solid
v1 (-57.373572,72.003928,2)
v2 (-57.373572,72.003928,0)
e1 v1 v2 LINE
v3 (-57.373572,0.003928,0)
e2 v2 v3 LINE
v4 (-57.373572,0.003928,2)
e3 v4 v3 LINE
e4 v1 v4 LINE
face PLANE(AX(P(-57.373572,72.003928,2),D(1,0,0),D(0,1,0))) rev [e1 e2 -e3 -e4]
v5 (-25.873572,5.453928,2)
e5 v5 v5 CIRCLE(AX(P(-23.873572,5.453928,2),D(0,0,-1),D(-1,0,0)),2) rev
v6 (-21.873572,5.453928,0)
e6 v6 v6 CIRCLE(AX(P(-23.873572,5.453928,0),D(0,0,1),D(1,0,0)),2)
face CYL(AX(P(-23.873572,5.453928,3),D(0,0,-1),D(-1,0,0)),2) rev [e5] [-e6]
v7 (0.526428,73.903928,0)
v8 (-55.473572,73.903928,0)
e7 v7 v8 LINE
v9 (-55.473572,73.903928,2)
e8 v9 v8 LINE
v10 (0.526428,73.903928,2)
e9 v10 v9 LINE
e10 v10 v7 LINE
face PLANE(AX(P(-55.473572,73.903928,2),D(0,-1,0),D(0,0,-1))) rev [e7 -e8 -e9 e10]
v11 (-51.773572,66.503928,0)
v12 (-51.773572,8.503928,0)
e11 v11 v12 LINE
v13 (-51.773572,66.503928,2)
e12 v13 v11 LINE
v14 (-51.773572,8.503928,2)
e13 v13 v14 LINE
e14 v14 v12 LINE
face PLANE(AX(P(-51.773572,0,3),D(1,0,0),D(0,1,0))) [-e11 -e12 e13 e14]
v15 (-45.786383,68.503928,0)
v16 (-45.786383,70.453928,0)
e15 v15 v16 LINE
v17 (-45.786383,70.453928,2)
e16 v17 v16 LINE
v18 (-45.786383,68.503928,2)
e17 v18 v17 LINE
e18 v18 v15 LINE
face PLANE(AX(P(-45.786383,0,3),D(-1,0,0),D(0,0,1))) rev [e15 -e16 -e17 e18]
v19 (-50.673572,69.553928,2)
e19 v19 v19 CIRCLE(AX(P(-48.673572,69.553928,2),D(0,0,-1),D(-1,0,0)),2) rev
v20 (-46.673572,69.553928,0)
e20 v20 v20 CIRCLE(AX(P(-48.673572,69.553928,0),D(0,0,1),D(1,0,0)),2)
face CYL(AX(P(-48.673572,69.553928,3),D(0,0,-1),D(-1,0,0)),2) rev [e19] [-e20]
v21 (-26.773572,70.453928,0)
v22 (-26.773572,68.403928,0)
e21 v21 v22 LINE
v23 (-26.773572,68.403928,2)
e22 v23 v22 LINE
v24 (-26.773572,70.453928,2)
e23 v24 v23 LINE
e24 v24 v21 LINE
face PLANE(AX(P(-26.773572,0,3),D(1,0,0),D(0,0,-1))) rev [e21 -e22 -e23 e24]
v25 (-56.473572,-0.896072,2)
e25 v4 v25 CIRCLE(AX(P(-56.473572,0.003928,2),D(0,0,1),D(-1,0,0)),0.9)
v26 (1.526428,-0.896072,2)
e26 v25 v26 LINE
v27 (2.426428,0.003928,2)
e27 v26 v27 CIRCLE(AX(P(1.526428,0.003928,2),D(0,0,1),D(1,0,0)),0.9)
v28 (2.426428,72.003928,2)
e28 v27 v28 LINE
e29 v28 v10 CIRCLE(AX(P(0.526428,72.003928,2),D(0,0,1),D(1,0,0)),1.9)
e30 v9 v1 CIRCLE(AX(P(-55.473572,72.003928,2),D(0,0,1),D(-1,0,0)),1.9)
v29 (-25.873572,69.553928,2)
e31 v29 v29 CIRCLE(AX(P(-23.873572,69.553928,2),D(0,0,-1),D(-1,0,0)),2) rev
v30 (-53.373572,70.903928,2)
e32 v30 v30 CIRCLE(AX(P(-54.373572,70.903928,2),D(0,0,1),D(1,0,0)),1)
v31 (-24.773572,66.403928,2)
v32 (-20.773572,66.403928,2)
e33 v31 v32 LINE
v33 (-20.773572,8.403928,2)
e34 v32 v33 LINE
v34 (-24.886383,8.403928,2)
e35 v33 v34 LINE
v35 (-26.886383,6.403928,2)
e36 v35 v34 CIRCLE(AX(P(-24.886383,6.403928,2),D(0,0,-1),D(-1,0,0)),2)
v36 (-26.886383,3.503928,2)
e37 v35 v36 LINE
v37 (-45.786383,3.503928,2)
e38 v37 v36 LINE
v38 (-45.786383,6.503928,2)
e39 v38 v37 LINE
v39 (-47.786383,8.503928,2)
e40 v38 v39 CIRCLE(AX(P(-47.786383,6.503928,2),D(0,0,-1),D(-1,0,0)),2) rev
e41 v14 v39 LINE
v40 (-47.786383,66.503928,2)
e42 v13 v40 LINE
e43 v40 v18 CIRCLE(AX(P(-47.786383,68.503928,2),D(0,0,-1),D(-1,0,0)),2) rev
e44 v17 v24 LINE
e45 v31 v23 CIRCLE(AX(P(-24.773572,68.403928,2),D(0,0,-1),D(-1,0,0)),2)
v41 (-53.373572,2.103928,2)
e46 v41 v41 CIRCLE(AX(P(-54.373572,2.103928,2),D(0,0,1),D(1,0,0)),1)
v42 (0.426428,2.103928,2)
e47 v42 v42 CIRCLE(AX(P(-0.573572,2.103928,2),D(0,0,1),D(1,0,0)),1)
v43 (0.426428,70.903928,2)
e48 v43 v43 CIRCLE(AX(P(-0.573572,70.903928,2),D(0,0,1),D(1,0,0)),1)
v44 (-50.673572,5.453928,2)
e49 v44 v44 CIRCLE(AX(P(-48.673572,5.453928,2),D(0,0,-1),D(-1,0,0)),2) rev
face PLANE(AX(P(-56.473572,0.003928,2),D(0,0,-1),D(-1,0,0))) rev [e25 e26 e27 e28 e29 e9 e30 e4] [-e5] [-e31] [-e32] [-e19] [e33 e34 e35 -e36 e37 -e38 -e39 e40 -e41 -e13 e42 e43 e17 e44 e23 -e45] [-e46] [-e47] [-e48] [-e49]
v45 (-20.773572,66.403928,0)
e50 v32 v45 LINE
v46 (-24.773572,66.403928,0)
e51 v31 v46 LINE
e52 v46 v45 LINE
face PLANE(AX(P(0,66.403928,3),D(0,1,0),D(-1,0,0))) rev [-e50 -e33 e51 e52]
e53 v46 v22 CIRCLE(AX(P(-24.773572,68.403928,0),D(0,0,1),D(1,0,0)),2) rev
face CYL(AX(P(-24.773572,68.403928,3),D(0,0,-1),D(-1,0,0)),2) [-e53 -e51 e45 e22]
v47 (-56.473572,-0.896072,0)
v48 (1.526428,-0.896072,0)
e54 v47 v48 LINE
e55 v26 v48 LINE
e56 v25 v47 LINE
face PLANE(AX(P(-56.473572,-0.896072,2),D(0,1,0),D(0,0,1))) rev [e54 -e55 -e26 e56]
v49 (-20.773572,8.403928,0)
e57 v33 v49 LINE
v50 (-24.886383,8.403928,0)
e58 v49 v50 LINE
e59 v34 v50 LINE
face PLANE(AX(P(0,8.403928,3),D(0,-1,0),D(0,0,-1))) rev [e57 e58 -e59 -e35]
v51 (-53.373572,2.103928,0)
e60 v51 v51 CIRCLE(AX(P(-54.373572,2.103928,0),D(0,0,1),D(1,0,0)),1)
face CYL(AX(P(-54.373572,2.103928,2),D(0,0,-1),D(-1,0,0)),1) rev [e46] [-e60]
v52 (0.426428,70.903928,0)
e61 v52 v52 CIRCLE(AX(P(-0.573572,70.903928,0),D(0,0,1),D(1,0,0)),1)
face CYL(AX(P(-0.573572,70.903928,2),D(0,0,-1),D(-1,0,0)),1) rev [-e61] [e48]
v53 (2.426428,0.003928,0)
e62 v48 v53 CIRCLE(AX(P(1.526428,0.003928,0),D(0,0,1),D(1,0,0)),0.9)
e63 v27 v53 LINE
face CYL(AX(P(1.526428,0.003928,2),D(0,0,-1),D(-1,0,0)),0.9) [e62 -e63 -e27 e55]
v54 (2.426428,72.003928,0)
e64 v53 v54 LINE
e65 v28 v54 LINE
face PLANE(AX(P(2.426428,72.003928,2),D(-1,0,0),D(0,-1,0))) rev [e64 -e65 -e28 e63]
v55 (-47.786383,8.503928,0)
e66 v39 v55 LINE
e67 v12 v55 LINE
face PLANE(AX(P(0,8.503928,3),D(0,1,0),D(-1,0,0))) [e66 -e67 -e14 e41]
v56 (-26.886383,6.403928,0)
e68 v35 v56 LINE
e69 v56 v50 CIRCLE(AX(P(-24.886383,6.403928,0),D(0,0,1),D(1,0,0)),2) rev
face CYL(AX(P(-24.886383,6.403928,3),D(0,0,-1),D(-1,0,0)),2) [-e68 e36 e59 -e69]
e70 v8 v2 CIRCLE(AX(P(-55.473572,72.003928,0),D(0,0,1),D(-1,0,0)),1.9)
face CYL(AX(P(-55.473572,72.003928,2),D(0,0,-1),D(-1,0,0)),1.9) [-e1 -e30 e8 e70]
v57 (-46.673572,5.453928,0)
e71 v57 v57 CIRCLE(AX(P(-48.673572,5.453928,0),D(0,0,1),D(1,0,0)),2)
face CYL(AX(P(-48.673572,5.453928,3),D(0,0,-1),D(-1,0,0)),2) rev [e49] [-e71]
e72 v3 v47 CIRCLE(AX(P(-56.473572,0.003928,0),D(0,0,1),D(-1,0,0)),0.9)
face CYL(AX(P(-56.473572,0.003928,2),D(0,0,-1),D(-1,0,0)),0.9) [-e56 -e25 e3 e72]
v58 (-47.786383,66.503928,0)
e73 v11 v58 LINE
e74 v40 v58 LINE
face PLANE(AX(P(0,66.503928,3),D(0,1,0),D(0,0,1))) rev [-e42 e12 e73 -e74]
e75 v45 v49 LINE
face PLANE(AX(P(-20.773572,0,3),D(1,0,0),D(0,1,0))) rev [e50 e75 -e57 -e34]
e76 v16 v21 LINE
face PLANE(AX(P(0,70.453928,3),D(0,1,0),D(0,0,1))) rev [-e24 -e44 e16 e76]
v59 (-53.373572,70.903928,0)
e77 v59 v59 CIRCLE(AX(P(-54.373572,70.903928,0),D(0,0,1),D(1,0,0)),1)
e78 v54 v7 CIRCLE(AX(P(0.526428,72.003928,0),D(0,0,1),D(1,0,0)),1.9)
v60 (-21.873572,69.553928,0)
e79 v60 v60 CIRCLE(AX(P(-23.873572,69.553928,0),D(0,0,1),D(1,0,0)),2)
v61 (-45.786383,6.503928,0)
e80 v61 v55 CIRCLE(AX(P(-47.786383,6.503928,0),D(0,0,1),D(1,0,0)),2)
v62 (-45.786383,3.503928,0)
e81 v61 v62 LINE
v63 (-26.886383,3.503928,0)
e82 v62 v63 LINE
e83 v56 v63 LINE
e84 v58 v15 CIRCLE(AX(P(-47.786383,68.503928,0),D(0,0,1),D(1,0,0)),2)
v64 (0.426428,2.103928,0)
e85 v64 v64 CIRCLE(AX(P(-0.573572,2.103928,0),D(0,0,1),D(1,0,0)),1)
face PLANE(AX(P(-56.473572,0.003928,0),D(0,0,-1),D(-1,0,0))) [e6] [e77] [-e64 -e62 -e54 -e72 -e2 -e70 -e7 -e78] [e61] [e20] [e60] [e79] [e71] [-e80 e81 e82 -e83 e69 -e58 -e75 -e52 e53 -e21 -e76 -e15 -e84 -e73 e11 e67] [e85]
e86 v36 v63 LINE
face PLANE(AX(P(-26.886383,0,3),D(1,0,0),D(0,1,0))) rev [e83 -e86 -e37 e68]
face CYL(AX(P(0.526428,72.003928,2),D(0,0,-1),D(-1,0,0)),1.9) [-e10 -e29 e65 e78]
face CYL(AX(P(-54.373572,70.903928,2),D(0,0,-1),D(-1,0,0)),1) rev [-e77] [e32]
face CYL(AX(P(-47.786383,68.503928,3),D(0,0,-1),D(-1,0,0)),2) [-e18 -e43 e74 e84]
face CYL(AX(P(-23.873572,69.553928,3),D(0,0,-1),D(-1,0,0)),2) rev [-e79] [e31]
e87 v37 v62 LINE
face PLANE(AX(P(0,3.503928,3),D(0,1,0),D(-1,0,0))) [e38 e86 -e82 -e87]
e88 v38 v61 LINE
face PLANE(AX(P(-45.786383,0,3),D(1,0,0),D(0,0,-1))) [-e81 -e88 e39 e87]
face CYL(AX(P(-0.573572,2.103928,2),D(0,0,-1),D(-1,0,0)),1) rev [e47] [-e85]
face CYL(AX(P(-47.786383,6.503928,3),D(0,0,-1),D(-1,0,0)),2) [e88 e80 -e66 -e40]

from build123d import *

# Parameters (mm, degrees)
SKETCH_2_R          = 1
EXTRUDE_1_DEPTH     = 2
SKETCH_4_R          = 2
CUT_EXTRUDE_1_DEPTH = 3


with BuildPart() as part:
    # 草图2 → 凸台-拉伸1 (new body)
    with BuildSketch(Plane.XY):
        with BuildLine():
            Line((-56.473572366, -0.89607242), (1.526427634, -0.89607242))
            ThreePointArc((1.526427634, -0.89607242), (2.162823737, -0.632468523), (2.426427634, 0.00392758))
            Line((2.426427634, 0.00392758), (2.426427634, 72.00392758))
            ThreePointArc((2.426427634, 72.00392758), (1.869930519, 73.347430464), (0.526427634, 73.90392758))
            Line((0.526427634, 73.90392758), (-55.473572366, 73.90392758))
            ThreePointArc((-55.473572366, 73.90392758), (-56.81707525, 73.347430464), (-57.373572366, 72.00392758))
            Line((-57.373572366, 72.00392758), (-57.373572366, 0.00392758))
            ThreePointArc((-57.373572366, 0.00392758), (-57.109968469, -0.632468523), (-56.473572366, -0.89607242))
        make_face()
        with Locations((-54.373572366, 70.90392758)):
            Circle(SKETCH_2_R, mode=Mode.SUBTRACT)
        with Locations((-0.573572366, 70.90392758)):
            Circle(SKETCH_2_R, mode=Mode.SUBTRACT)
        with Locations((-0.573572366, 2.10392758)):
            Circle(SKETCH_2_R, mode=Mode.SUBTRACT)
        with Locations((-54.373572366, 2.10392758)):
            Circle(SKETCH_2_R, mode=Mode.SUBTRACT)
    extrude(amount=EXTRUDE_1_DEPTH)

    # 草图4 → 切除-拉伸1 (cut)
    with BuildSketch(Plane.XY):
        with BuildLine():
            Line((-51.773572366, 66.50392758), (-51.773572366, 8.50392758))
            Line((-51.773572366, 8.50392758), (-47.786382689, 8.50392758))
            ThreePointArc((-47.786382689, 8.50392758), (-46.372169126, 7.918141142), (-45.786382689, 6.50392758))
            Line((-45.786382689, 6.50392758), (-45.786382689, 3.50392758))
            Line((-45.786382689, 3.50392758), (-26.886382689, 3.50392758))
            Line((-26.886382689, 3.50392758), (-26.886382689, 6.40392758))
            ThreePointArc((-26.886382689, 6.40392758), (-26.300596251, 7.818141142), (-24.886382689, 8.40392758))
            Line((-24.886382689, 8.40392758), (-20.773572366, 8.40392758))
            Line((-20.773572366, 8.40392758), (-20.773572366, 66.40392758))
            Line((-20.773572366, 66.40392758), (-24.773572366, 66.40392758))
            ThreePointArc((-24.773572366, 66.40392758), (-26.187785928, 66.989714017), (-26.773572366, 68.40392758))
            Line((-26.773572366, 68.40392758), (-26.773572366, 70.45392758))
            Line((-26.773572366, 70.45392758), (-45.786382689, 70.45392758))
            Line((-45.786382689, 70.45392758), (-45.786382689, 68.50392758))
            ThreePointArc((-45.786382689, 68.50392758), (-46.372169126, 67.089714017), (-47.786382689, 66.50392758))
            Line((-47.786382689, 66.50392758), (-51.773572366, 66.50392758))
        make_face()
        with Locations(Location((-23.873572366, 69.55392758, 0), (0, 0, 180))):
            Circle(SKETCH_4_R)
        with Locations(Location((-48.673572366, 69.55392758, 0), (0, 0, 180))):
            Circle(SKETCH_4_R)
        with Locations(Location((-48.673572366, 5.45392758, 0), (0, 0, 180))):
            Circle(SKETCH_4_R)
        with Locations(Location((-23.873572366, 5.45392758, 0), (0, 0, 180))):
            Circle(SKETCH_4_R)
    extrude(amount=CUT_EXTRUDE_1_DEPTH, mode=Mode.SUBTRACT)


solid = part.part
